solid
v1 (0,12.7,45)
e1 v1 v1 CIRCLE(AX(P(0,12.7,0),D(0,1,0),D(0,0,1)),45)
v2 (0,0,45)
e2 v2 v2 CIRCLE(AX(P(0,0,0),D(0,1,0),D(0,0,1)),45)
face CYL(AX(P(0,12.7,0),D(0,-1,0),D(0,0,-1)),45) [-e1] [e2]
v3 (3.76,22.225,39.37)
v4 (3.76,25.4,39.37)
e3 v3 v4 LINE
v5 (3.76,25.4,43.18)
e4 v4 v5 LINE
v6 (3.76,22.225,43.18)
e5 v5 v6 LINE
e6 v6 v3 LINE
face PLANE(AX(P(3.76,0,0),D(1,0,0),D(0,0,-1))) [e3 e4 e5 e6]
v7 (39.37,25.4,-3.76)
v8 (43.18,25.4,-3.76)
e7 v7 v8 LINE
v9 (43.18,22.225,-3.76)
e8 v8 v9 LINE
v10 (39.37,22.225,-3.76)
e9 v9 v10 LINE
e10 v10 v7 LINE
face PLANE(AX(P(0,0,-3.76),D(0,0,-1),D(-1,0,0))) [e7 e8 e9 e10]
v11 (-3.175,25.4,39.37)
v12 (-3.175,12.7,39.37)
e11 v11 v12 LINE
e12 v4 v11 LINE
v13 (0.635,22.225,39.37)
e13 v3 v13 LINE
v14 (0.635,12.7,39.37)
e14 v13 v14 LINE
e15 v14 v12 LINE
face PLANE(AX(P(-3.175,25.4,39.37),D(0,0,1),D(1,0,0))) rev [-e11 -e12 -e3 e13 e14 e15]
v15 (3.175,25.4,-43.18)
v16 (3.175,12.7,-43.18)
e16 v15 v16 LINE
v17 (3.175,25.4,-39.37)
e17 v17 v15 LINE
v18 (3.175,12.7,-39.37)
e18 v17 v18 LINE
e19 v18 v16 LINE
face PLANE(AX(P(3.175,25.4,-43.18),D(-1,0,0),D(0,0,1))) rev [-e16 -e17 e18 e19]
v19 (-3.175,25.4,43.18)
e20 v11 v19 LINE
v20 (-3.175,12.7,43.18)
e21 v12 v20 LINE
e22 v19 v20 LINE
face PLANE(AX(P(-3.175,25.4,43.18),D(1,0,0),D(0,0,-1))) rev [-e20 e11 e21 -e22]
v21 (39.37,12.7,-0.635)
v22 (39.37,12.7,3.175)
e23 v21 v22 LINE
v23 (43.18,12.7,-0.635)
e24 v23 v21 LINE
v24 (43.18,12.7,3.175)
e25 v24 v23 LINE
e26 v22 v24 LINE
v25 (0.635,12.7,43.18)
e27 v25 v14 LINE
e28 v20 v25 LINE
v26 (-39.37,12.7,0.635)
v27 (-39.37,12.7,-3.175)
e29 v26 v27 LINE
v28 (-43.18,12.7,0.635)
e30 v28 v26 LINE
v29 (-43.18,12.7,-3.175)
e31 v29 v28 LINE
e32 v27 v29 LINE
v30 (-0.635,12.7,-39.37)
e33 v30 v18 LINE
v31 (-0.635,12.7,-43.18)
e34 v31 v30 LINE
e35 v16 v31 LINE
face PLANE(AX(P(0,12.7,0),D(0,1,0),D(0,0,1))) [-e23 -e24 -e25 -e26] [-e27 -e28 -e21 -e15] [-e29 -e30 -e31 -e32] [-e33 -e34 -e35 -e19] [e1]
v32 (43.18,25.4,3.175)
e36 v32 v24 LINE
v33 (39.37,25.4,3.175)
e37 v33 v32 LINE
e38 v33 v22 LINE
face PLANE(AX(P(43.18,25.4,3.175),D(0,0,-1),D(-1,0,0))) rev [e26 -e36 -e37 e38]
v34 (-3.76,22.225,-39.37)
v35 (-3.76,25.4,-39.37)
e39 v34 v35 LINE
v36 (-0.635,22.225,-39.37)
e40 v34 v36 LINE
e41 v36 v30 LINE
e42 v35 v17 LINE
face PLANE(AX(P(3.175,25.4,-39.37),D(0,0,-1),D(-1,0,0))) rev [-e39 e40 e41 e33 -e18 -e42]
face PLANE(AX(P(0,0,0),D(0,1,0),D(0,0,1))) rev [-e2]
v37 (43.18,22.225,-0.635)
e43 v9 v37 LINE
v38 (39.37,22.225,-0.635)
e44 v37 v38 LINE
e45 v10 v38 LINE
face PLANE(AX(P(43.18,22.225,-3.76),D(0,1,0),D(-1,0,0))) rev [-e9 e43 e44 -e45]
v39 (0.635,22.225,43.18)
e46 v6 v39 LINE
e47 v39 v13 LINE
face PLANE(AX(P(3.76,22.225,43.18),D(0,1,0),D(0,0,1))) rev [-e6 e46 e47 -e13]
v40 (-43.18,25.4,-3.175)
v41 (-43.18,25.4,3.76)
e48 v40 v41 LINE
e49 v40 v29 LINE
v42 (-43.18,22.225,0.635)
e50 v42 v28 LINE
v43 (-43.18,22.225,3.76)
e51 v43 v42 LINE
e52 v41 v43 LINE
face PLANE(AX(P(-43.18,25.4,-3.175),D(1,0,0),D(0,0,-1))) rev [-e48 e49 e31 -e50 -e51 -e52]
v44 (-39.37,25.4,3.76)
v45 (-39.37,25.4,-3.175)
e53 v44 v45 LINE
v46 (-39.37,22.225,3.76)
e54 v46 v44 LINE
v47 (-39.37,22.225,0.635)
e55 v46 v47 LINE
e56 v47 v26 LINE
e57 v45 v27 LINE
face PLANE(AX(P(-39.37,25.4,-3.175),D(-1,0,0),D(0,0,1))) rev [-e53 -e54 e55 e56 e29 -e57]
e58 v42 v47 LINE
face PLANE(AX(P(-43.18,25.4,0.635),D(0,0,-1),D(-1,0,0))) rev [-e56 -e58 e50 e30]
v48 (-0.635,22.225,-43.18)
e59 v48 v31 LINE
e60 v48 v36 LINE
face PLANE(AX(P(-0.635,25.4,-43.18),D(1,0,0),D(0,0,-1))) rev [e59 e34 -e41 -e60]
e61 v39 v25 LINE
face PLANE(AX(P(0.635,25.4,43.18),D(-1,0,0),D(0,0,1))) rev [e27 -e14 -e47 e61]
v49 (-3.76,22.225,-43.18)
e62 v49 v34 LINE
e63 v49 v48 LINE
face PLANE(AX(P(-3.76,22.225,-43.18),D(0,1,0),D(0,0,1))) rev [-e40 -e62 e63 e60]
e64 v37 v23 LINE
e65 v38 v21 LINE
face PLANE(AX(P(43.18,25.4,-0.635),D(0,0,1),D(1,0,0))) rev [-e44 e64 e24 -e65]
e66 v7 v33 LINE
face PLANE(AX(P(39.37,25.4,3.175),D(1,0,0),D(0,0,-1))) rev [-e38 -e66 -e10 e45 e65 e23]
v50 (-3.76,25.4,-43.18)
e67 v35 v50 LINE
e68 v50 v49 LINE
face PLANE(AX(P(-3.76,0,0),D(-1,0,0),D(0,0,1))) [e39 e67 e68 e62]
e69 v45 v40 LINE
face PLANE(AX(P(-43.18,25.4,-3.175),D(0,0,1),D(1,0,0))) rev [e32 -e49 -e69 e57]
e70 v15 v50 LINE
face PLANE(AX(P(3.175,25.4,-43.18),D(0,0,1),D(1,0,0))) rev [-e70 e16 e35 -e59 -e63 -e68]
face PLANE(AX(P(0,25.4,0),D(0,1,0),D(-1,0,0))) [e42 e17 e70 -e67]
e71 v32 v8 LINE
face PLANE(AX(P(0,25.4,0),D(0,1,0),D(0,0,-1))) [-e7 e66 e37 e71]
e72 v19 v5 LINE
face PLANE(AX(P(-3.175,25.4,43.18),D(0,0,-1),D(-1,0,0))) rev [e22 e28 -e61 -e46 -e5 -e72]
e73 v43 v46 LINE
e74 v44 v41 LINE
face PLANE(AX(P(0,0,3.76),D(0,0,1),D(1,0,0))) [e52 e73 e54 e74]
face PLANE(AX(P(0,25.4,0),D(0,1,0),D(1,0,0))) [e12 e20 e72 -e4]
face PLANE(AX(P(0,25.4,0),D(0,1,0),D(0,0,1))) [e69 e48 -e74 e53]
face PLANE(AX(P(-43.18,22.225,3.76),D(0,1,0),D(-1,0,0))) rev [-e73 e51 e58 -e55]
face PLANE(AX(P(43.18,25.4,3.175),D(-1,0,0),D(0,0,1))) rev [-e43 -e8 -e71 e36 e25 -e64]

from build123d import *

# Parameters (mm, degrees)
SKETCH1_R           = 45
BOSS_EXTRUDE1_DEPTH = 12.7
SKETCH2_W           = 3.81
SKETCH2_H           = 3.81
BOSS_EXTRUDE2_DEPTH = 12.7
SKETCH3_W           = 3.81
SKETCH3_H           = 3.175
BOSS_EXTRUDE3_DEPTH = 3.125
CIRPATTERN2_COUNT   = 4


with BuildPart() as part:
    # Sketch1 → Boss-Extrude1 (new body)
    with BuildSketch(Plane(origin=(0, 0, 0), x_dir=(1, 0, 0), z_dir=(0, 1, 0))):
        with Locations(Location((0, 0, 0), (0, 0, 270))):
            Circle(SKETCH1_R)
    extrude(amount=BOSS_EXTRUDE1_DEPTH)

    # Sketch2 → Boss-Extrude2 (add)
    with BuildSketch(Plane(origin=(0, 12.7, 0), x_dir=(1, 0, 0), z_dir=(0, 1, 0))):
        with Locations((-41.275, 1.27)):
            Rectangle(SKETCH2_W, SKETCH2_H)
    boss_extrude2 = extrude(amount=BOSS_EXTRUDE2_DEPTH)

    # Sketch3 → Boss-Extrude3 (add)
    with BuildSketch(Plane.XY.offset(0.635)):
        with Locations((-41.275, 23.8125)):
            Rectangle(SKETCH3_W, SKETCH3_H)
    boss_extrude3 = extrude(amount=BOSS_EXTRUDE3_DEPTH)

    # CirPattern2: Boss-Extrude2, Boss-Extrude3 ×4 about axis
    cirpattern2_axis = Axis((0, 0, 0), (0, 1, 0))
    add([boss_extrude2.rotate(cirpattern2_axis, i * 360 / CIRPATTERN2_COUNT) for i in range(1, CIRPATTERN2_COUNT)])
    add([boss_extrude3.rotate(cirpattern2_axis, i * 360 / CIRPATTERN2_COUNT) for i in range(1, CIRPATTERN2_COUNT)])


solid = part.part
